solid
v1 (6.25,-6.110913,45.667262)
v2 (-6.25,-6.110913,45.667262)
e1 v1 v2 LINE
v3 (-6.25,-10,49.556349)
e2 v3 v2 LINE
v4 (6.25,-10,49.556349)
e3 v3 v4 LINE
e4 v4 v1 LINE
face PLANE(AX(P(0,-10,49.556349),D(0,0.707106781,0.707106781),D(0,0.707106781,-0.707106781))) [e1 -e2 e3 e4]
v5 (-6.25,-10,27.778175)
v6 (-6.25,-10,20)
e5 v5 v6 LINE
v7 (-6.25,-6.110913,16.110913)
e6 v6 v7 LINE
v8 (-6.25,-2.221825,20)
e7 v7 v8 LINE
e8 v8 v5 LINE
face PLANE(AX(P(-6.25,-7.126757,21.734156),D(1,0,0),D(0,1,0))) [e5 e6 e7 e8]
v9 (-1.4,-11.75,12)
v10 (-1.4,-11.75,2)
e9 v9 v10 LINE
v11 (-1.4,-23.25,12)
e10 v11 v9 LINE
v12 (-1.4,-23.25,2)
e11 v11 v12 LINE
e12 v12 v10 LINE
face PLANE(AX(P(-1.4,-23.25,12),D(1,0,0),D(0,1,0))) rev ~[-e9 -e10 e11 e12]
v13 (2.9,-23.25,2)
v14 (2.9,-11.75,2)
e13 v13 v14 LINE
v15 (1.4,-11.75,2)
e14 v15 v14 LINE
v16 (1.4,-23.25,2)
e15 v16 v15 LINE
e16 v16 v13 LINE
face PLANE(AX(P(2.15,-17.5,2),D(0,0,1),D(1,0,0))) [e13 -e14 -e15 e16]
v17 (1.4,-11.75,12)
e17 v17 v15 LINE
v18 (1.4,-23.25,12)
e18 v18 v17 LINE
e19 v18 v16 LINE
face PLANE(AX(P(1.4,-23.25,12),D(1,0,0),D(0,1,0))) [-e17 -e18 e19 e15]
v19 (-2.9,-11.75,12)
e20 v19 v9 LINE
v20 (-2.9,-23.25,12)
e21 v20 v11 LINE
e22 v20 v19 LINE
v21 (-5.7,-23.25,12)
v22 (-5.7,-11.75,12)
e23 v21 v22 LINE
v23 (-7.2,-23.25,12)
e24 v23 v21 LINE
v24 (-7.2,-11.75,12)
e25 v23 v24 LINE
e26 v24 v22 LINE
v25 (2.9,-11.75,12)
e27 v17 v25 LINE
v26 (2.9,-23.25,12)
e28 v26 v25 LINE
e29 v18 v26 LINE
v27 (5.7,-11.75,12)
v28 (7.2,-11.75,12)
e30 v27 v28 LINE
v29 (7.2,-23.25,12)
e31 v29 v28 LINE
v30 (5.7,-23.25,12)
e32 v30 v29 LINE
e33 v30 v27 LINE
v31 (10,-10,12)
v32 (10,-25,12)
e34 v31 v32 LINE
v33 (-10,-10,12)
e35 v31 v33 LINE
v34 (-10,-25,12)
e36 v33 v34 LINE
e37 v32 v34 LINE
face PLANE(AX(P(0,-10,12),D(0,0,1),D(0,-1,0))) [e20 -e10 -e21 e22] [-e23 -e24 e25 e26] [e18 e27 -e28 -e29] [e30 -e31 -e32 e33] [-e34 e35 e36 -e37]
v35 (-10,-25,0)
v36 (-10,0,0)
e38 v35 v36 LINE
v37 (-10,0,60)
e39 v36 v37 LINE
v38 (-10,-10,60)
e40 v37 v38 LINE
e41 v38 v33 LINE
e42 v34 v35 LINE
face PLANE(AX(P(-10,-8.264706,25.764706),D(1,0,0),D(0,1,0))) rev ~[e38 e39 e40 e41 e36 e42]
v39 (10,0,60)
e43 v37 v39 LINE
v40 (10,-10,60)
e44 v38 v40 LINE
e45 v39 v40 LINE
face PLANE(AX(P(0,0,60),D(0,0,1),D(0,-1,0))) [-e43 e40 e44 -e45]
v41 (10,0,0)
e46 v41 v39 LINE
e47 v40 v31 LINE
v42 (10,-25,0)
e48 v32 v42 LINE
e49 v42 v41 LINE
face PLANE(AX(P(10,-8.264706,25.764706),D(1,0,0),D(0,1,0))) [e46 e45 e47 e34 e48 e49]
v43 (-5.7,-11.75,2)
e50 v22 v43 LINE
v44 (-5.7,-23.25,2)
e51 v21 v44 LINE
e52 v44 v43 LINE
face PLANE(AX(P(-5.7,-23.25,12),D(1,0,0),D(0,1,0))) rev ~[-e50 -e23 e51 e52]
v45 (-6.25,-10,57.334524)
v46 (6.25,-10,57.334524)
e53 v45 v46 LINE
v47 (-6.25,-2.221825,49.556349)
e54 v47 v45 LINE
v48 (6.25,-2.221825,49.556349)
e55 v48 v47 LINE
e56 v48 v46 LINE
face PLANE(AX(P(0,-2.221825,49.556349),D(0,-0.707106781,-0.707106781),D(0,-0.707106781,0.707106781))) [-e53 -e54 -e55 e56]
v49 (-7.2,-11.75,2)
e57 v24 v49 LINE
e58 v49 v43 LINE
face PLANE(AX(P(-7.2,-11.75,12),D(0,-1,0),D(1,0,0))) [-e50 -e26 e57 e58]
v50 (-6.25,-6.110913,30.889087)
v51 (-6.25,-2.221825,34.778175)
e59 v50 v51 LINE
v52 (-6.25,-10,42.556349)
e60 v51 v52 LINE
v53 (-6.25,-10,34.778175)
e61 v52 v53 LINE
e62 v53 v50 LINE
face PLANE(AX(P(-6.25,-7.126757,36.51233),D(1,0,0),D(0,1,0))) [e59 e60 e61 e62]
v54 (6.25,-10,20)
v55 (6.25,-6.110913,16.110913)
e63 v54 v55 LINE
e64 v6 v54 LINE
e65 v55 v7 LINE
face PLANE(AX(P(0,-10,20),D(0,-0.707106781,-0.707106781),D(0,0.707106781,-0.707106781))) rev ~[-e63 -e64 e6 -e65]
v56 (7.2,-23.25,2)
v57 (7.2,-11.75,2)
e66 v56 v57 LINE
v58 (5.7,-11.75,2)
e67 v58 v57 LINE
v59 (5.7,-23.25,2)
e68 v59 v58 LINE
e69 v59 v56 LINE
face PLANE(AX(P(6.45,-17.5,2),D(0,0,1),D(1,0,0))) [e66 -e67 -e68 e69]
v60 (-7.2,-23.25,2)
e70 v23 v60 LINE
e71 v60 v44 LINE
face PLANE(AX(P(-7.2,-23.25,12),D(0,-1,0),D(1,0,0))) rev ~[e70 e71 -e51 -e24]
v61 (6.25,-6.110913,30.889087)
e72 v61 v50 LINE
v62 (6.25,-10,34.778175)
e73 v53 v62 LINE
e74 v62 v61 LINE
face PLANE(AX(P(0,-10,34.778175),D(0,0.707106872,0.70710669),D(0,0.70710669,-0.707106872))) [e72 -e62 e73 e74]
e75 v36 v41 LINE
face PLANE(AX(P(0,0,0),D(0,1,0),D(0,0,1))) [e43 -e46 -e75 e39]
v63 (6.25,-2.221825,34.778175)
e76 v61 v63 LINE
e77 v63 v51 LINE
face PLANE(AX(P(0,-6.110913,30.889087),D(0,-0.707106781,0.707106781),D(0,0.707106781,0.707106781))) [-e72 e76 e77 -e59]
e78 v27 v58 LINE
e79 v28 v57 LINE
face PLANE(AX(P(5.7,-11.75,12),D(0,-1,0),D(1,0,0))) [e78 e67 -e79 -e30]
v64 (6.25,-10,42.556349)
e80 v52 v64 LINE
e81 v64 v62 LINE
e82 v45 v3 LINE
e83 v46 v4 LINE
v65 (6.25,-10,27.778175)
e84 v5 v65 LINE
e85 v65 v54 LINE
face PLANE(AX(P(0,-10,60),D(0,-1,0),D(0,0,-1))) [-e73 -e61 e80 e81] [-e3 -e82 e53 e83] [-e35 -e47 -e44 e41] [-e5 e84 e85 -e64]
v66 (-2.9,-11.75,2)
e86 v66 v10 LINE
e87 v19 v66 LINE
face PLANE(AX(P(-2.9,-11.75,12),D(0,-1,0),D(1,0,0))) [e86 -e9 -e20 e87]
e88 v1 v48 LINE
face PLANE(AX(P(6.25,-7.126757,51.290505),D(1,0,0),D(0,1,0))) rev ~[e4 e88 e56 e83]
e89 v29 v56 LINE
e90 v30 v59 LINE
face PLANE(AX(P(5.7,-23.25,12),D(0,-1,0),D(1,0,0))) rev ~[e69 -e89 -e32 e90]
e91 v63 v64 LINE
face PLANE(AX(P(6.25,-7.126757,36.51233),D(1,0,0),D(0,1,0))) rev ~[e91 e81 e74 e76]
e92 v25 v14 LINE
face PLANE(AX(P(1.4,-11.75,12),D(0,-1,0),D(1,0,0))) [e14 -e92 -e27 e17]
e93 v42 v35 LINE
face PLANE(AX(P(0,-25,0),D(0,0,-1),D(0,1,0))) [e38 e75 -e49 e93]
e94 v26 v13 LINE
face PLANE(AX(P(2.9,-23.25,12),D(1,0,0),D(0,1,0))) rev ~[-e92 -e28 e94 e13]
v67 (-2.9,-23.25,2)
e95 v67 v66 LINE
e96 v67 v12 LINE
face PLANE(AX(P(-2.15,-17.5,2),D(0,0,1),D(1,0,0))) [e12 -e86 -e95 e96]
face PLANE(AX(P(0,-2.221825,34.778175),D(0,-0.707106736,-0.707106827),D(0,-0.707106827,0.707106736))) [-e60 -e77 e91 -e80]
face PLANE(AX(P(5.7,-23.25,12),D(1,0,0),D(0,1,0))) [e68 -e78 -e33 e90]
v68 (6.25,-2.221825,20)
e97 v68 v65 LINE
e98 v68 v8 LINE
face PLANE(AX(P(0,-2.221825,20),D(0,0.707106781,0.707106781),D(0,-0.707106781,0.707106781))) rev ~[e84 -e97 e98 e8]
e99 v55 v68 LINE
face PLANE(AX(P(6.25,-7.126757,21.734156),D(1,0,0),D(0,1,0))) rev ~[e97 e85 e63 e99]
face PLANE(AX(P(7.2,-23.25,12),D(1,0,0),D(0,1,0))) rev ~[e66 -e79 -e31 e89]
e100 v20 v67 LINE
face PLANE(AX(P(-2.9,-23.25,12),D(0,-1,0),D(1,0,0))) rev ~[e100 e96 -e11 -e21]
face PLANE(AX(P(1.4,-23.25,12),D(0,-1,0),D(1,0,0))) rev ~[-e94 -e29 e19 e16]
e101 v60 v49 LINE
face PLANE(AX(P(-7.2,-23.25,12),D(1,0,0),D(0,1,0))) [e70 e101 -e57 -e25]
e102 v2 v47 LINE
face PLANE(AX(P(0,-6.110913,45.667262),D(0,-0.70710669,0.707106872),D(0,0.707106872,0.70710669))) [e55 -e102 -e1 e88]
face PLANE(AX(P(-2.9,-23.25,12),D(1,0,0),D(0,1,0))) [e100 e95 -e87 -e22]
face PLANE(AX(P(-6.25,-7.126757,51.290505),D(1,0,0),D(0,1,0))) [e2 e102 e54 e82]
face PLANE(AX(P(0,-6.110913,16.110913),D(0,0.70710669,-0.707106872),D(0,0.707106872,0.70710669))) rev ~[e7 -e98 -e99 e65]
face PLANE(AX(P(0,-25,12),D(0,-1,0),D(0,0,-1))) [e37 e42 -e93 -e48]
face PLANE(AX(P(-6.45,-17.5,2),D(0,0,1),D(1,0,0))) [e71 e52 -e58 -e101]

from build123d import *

# Parameters (mm, degrees)
F1_DEPTH = 10
F3_DEPTH = 6.25
F4_W     = 1.5
F4_H     = 11.5
F5_DEPTH = 10


with BuildPart() as f1:
    # F0 (on Right) → F1 (new body, symmetric)
    with BuildSketch(Plane.YZ):
        Polygon((-25, 0), (0, 0), (0, 60), (-10, 60), (-10, 12), (-25, 12), align=None)
    extrude(amount=F1_DEPTH, both=True)

    # F2 (on Right) → F3 (cut, symmetric)
    with BuildSketch(Plane.YZ):
        Polygon((-2.221825, 49.556349), (-10, 57.334524), (-10, 49.556349), (-6.110913, 45.667262), align=None)
        Polygon((-2.221825, 34.778175), (-10, 42.556349), (-10, 34.778175), (-6.110913, 30.889087), align=None)
        Polygon((-2.221825, 20), (-10, 27.778175), (-10, 20), (-6.110913, 16.110913), align=None)
    extrude(amount=F3_DEPTH, both=True, mode=Mode.SUBTRACT)

    # F4 (on face) → F5 (cut)
    with BuildSketch(Plane.XY.offset(12)):
        with Locations((-6.45, -17.5)):
            Rectangle(F4_W, F4_H)
        with Locations((-2.15, -17.5)):
            Rectangle(F4_W, F4_H)
        with Locations((2.15, -17.5)):
            Rectangle(F4_W, F4_H)
        with Locations((6.45, -17.5)):
            Rectangle(F4_W, F4_H)
    extrude(amount=-F5_DEPTH, mode=Mode.SUBTRACT)


solid = f1.part
